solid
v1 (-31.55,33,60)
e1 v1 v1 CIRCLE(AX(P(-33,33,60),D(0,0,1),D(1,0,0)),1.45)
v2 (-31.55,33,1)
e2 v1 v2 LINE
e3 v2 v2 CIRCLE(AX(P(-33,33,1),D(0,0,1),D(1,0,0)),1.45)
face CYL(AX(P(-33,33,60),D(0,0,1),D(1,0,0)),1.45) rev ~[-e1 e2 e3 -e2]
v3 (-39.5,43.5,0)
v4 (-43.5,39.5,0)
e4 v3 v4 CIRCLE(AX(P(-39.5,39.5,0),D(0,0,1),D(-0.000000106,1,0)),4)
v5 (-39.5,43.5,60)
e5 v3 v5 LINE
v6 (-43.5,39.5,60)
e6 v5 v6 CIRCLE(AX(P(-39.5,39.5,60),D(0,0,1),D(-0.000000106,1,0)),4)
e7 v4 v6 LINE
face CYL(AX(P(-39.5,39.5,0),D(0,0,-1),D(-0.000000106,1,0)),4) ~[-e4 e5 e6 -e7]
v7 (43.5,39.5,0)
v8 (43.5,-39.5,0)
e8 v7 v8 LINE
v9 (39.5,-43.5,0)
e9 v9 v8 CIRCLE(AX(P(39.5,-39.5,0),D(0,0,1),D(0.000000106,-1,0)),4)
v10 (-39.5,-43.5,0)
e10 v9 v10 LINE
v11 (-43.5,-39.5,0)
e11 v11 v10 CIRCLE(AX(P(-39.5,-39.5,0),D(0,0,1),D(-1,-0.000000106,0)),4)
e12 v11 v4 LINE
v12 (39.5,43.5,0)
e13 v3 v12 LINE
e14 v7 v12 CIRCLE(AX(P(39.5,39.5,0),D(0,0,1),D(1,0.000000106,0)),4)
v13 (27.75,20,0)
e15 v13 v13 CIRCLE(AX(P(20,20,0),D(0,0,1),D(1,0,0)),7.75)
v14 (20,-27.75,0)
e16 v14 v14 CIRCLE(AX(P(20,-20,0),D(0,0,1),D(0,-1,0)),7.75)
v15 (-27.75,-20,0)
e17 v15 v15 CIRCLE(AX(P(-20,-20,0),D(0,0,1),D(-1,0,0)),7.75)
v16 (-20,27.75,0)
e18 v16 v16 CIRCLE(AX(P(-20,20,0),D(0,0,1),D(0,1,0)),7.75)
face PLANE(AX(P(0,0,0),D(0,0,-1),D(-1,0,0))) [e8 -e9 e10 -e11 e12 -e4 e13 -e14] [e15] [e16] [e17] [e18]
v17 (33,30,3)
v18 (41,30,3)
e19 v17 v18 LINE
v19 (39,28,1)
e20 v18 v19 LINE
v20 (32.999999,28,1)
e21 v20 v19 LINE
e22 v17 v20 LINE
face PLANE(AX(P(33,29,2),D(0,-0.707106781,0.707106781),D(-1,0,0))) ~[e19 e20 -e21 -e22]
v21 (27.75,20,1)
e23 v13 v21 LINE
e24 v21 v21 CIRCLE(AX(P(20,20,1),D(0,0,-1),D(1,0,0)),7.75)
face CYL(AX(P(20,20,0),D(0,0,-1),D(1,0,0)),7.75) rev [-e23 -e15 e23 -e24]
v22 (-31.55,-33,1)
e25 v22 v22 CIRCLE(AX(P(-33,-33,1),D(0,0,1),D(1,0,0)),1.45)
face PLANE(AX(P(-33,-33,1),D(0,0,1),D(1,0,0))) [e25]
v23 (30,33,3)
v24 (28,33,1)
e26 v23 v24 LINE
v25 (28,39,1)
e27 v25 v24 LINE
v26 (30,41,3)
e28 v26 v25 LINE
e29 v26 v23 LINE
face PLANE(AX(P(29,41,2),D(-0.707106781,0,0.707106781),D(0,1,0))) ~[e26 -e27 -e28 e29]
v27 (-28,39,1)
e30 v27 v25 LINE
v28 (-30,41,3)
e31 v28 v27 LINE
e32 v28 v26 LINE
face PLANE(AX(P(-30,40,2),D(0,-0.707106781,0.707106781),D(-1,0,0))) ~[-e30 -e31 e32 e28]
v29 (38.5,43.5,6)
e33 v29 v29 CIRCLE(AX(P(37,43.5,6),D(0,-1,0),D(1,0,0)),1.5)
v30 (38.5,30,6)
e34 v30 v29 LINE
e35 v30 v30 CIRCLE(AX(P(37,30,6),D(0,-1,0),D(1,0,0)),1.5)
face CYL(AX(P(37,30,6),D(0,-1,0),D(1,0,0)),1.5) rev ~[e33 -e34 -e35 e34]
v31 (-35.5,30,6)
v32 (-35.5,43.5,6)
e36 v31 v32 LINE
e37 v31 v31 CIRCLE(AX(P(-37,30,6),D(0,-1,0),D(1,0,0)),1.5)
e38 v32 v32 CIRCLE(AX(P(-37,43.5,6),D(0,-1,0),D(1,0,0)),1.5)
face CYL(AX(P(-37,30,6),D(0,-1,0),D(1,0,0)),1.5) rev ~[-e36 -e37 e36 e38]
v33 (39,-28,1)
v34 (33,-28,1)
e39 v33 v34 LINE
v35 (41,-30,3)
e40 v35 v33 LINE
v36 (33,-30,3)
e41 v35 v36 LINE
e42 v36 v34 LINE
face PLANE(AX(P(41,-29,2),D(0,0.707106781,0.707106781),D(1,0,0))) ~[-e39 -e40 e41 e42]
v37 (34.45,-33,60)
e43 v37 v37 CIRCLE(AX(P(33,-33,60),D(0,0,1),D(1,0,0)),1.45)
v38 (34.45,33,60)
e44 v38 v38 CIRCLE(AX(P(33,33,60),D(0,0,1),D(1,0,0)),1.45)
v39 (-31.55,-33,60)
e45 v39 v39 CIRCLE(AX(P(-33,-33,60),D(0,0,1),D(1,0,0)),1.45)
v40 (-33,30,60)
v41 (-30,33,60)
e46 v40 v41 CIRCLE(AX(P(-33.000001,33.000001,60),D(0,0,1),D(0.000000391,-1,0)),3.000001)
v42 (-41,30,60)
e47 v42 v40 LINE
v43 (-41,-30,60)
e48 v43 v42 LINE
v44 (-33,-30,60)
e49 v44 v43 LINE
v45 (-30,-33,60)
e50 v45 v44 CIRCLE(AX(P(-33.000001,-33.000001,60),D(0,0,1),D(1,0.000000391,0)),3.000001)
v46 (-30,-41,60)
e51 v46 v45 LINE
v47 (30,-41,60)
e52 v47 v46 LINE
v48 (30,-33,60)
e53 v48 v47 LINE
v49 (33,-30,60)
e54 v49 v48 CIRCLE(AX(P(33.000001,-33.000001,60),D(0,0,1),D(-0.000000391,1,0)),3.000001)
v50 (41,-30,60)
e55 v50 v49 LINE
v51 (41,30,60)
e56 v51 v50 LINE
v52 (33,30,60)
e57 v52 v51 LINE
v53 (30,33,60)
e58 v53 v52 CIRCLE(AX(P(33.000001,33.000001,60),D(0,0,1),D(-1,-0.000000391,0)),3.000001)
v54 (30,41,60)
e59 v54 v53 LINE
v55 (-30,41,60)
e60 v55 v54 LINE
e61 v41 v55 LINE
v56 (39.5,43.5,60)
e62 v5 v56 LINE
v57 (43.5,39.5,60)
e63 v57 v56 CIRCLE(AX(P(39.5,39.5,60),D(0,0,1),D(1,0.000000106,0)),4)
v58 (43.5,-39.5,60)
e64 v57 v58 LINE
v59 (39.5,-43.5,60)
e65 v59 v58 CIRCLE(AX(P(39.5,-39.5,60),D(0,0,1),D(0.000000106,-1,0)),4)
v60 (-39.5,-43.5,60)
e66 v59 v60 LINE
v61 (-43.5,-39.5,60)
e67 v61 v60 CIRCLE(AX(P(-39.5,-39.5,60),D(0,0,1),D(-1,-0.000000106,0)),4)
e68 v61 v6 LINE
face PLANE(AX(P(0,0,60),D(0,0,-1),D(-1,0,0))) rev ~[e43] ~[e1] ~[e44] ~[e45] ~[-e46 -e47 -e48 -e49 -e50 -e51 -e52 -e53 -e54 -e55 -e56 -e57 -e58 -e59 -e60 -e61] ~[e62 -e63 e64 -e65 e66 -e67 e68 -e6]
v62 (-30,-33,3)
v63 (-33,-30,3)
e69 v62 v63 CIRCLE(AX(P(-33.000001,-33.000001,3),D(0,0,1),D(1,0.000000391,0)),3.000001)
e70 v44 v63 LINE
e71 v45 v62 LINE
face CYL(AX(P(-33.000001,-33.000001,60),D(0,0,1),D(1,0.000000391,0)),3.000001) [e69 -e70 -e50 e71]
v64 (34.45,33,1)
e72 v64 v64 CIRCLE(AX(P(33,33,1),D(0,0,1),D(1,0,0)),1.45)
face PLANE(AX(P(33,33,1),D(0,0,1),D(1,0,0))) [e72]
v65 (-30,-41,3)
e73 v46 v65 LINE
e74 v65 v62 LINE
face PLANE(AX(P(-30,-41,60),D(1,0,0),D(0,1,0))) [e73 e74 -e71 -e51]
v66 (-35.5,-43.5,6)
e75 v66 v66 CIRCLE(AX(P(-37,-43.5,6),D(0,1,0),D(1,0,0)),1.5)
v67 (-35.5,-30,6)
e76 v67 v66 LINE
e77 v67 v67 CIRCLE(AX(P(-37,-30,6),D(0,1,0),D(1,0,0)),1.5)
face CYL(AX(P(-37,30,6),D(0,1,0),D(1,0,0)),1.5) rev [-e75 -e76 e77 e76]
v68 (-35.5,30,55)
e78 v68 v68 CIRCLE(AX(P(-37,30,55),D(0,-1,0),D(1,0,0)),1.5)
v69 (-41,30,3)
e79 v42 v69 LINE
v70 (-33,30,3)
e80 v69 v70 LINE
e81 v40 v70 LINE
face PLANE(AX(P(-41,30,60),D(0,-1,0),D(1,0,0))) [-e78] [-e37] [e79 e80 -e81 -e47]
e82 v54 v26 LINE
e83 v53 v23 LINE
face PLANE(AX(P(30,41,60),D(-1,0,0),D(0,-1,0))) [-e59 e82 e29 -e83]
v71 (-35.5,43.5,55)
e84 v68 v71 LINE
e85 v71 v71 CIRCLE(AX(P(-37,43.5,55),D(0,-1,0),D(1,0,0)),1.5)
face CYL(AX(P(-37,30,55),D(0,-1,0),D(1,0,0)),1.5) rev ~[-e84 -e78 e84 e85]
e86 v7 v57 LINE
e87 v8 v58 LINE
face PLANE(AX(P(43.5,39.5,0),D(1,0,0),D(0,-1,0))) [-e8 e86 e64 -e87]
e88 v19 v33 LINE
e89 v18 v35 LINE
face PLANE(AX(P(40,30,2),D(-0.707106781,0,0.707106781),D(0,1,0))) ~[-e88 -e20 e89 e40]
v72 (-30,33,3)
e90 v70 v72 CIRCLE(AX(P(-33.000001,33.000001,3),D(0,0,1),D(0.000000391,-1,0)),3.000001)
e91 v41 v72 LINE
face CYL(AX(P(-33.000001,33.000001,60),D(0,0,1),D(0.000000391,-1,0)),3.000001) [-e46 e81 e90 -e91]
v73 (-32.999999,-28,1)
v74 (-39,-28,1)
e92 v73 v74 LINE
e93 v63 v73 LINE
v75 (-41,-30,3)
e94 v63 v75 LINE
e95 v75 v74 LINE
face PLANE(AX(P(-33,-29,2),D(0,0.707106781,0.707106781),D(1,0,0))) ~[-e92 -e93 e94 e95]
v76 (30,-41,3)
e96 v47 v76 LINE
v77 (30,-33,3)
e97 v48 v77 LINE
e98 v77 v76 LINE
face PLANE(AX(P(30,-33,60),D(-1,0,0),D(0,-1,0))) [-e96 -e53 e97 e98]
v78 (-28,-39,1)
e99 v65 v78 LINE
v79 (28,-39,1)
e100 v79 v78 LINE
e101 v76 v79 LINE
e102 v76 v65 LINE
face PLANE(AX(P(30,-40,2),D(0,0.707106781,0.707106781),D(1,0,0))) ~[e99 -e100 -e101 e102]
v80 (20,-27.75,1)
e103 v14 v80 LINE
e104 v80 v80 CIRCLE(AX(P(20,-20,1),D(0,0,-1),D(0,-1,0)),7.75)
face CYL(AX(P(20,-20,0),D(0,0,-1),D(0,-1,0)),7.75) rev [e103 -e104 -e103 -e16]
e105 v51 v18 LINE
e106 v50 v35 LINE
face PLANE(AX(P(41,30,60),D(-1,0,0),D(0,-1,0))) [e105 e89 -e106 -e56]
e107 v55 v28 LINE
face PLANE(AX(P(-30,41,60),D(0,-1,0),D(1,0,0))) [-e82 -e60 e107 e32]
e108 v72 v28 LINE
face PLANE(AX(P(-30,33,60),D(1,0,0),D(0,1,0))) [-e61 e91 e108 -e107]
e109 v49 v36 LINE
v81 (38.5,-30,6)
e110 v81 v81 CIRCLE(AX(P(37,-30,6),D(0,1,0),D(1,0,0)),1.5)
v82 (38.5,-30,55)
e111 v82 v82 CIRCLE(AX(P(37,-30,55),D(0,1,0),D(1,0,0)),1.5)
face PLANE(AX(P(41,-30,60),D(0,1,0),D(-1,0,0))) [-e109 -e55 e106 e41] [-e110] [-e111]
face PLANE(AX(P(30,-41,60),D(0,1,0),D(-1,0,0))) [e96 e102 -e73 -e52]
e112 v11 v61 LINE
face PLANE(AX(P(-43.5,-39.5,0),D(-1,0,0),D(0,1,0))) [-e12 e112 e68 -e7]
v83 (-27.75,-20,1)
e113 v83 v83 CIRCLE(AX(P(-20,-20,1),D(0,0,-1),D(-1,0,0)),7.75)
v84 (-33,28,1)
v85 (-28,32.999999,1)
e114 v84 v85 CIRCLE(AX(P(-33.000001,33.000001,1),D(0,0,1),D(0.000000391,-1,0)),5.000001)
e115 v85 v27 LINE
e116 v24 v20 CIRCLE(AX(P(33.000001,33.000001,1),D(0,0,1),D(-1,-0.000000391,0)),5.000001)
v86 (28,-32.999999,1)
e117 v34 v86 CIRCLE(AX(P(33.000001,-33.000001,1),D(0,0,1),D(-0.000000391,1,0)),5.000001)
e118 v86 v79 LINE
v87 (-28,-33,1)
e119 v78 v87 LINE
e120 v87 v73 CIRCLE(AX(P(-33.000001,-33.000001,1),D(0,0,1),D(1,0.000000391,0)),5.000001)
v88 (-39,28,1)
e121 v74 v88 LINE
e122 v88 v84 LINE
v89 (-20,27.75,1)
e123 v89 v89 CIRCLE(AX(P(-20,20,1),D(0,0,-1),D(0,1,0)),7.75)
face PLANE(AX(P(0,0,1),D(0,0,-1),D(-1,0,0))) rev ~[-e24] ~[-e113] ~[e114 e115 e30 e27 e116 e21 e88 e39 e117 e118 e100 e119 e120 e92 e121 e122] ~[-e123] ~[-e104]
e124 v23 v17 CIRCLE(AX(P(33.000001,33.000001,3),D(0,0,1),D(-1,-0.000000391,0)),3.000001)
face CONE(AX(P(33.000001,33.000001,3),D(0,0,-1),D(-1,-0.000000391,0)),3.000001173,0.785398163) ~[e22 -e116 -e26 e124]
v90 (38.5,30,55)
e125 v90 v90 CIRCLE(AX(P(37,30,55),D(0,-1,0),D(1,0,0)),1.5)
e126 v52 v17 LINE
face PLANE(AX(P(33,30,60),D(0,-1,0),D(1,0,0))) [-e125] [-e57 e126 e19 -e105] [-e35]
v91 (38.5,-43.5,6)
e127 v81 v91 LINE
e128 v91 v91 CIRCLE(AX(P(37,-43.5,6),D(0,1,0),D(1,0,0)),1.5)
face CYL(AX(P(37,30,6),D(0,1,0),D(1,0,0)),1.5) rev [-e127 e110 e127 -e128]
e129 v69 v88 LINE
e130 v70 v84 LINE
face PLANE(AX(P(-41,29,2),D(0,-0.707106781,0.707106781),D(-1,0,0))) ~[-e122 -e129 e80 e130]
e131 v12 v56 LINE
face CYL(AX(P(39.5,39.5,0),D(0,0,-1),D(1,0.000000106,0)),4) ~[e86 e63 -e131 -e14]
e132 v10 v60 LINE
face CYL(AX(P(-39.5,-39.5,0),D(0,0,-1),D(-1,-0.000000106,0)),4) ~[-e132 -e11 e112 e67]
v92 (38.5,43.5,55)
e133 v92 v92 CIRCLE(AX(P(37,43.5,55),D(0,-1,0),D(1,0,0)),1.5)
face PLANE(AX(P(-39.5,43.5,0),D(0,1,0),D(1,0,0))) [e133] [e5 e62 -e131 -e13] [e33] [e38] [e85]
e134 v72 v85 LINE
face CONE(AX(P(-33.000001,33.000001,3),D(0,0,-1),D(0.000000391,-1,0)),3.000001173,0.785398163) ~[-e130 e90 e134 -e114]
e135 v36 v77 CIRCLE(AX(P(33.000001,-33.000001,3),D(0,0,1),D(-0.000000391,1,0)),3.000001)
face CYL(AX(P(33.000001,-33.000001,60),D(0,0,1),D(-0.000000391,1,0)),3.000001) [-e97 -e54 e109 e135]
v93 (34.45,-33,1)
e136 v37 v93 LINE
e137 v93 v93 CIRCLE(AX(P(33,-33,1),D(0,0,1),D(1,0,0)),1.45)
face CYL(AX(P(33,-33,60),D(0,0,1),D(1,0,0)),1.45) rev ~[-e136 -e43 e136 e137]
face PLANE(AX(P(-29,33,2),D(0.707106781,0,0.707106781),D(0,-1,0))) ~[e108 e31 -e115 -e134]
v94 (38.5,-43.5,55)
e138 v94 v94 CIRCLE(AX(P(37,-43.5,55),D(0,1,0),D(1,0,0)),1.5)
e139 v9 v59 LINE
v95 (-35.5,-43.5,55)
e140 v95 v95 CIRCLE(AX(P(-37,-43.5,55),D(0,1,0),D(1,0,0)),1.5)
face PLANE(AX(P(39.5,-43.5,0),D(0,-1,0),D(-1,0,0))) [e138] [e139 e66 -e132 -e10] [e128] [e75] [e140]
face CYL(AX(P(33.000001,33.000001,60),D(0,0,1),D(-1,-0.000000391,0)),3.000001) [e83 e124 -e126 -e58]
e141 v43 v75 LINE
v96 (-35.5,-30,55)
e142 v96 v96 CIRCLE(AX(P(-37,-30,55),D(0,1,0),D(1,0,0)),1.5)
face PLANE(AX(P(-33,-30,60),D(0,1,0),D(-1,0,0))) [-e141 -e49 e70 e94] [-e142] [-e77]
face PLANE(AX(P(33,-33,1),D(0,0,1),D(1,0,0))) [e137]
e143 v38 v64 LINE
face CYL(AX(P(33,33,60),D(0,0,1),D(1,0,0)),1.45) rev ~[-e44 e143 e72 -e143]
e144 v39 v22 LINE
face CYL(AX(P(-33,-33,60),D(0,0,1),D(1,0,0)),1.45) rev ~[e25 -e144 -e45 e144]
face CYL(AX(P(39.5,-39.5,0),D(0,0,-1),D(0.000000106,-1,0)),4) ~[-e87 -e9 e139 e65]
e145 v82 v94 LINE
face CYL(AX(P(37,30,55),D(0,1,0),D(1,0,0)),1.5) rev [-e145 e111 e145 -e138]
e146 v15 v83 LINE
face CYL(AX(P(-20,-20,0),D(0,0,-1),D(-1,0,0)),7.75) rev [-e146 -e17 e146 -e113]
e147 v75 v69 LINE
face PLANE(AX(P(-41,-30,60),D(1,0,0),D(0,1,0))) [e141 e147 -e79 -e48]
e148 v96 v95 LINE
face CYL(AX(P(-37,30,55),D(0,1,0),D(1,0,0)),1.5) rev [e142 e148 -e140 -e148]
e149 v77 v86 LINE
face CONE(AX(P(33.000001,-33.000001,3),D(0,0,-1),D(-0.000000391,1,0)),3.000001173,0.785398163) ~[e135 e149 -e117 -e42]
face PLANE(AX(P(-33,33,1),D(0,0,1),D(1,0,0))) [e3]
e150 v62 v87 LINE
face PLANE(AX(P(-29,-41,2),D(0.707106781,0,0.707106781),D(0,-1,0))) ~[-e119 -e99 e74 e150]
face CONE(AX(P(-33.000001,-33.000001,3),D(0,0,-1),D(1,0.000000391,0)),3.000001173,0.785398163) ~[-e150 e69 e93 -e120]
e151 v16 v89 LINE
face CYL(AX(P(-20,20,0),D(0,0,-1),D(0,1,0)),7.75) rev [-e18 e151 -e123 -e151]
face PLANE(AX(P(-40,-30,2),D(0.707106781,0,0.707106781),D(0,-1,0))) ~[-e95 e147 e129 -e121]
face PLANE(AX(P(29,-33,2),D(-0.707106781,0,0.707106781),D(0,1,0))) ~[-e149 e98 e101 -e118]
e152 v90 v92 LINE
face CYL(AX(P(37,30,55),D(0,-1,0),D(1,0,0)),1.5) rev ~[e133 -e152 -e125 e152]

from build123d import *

# Parameters (mm, degrees)
PAD_DEPTH            = 60
SKETCH001_R          = 1.45
POCKET_DEPTH         = 59
SKETCH002_R          = 1.5
POCKET001_DEPTH      = 13.501
POCKET001_DEPTH_BACK = -73.501
SKETCH003_R          = 7.75
POCKET002_DEPTH      = 333.774629
POLARPATTERN_COUNT   = 4
CHAMFER_SIZE         = 2


with BuildPart() as part:
    # Sketch → Pad (new body)
    with BuildSketch(Plane.XY):
        with BuildLine():
            Line((-39.5, 43.5), (39.5, 43.5))
            ThreePointArc((43.5, 39.5), (42.328427, 42.328427), (39.5, 43.5))
            Line((43.5, 39.5), (43.5, -39.5))
            ThreePointArc((39.5, -43.5), (42.328427, -42.328427), (43.5, -39.5))
            Line((39.5, -43.5), (-39.5, -43.5))
            ThreePointArc((-43.5, -39.5), (-42.328427, -42.328427), (-39.5, -43.5))
            Line((-43.5, -39.5), (-43.5, 39.5))
            ThreePointArc((-39.5, 43.5), (-42.328427, 42.328427), (-43.5, 39.5))
        make_face()
    extrude(amount=PAD_DEPTH)

    # Sketch001 (on Face10 of Pad) → Pocket (cut)
    with BuildSketch(Plane.XY.offset(60)):
        with Locations((-33, 33)):
            Circle(SKETCH001_R)
        with Locations((33, 33)):
            Circle(SKETCH001_R)
        with Locations((33, -33)):
            Circle(SKETCH001_R)
        with Locations((-33, -33)):
            Circle(SKETCH001_R)
        with BuildLine():
            Line((-30, 33), (-30, 41))
            Line((-30, 41), (30, 41))
            Line((30, 41), (30, 33))
            ThreePointArc((30, 33), (30.87868, 30.87868), (33, 30))
            Line((33, 30), (41, 30))
            Line((41, 30), (41, -30))
            Line((41, -30), (33, -30))
            ThreePointArc((33, -30), (30.87868, -30.87868), (30, -33))
            Line((30, -33), (30, -41))
            Line((30, -41), (-30, -41))
            Line((-30, -41), (-30, -33))
            ThreePointArc((-30, -33), (-30.87868, -30.87868), (-33, -30))
            Line((-33, -30), (-41, -30))
            Line((-41, -30), (-41, 30))
            Line((-41, 30), (-33, 30))
            ThreePointArc((-33, 30), (-30.87868, 30.87868), (-30, 33))
        make_face()
    extrude(amount=-POCKET_DEPTH, mode=Mode.SUBTRACT)

    # Sketch002 (on Face26 of Pocket) → Pocket001 (cut, two sides)
    with BuildSketch(Plane.XZ.offset(-30)) as pocket001_sk:
        with Locations((-37, 55)):
            Circle(SKETCH002_R)
        with Locations((37, 55)):
            Circle(SKETCH002_R)
        with Locations((-37, 6)):
            Circle(SKETCH002_R)
        with Locations((37, 6)):
            Circle(SKETCH002_R)
    extrude(amount=-POCKET001_DEPTH, mode=Mode.SUBTRACT)
    extrude(pocket001_sk.sketch, amount=-POCKET001_DEPTH_BACK, mode=Mode.SUBTRACT)

    # Sketch003 → Pocket002 (cut, through all)
    with BuildSketch(Plane.XY):
        with Locations((20, 20)):
            Circle(SKETCH003_R)
    pocket002 = extrude(amount=POCKET002_DEPTH, mode=Mode.SUBTRACT)

    # PolarPattern: Pocket002 ×4 about axis
    polarpattern_axis = Axis((0, 0, 0), (0, 0, 1))
    for i in range(1, POLARPATTERN_COUNT):
        add(pocket002.rotate(polarpattern_axis, i * 360 / POLARPATTERN_COUNT), mode=Mode.SUBTRACT)

    # Chamfer
    chamfer_edges = [part.edges().sort_by_distance(p)[0] for p in [
        (-37, 30, 1),
        (0, 41, 1),
        (30, 37, 1),
        (-41, 0, 1),
        (-30, -37, 1),
        (0, -41, 1),
        (41, 0, 1),
        (37, -30, 1),
    ]]
    chamfer(chamfer_edges, length=CHAMFER_SIZE)


solid = part.part
